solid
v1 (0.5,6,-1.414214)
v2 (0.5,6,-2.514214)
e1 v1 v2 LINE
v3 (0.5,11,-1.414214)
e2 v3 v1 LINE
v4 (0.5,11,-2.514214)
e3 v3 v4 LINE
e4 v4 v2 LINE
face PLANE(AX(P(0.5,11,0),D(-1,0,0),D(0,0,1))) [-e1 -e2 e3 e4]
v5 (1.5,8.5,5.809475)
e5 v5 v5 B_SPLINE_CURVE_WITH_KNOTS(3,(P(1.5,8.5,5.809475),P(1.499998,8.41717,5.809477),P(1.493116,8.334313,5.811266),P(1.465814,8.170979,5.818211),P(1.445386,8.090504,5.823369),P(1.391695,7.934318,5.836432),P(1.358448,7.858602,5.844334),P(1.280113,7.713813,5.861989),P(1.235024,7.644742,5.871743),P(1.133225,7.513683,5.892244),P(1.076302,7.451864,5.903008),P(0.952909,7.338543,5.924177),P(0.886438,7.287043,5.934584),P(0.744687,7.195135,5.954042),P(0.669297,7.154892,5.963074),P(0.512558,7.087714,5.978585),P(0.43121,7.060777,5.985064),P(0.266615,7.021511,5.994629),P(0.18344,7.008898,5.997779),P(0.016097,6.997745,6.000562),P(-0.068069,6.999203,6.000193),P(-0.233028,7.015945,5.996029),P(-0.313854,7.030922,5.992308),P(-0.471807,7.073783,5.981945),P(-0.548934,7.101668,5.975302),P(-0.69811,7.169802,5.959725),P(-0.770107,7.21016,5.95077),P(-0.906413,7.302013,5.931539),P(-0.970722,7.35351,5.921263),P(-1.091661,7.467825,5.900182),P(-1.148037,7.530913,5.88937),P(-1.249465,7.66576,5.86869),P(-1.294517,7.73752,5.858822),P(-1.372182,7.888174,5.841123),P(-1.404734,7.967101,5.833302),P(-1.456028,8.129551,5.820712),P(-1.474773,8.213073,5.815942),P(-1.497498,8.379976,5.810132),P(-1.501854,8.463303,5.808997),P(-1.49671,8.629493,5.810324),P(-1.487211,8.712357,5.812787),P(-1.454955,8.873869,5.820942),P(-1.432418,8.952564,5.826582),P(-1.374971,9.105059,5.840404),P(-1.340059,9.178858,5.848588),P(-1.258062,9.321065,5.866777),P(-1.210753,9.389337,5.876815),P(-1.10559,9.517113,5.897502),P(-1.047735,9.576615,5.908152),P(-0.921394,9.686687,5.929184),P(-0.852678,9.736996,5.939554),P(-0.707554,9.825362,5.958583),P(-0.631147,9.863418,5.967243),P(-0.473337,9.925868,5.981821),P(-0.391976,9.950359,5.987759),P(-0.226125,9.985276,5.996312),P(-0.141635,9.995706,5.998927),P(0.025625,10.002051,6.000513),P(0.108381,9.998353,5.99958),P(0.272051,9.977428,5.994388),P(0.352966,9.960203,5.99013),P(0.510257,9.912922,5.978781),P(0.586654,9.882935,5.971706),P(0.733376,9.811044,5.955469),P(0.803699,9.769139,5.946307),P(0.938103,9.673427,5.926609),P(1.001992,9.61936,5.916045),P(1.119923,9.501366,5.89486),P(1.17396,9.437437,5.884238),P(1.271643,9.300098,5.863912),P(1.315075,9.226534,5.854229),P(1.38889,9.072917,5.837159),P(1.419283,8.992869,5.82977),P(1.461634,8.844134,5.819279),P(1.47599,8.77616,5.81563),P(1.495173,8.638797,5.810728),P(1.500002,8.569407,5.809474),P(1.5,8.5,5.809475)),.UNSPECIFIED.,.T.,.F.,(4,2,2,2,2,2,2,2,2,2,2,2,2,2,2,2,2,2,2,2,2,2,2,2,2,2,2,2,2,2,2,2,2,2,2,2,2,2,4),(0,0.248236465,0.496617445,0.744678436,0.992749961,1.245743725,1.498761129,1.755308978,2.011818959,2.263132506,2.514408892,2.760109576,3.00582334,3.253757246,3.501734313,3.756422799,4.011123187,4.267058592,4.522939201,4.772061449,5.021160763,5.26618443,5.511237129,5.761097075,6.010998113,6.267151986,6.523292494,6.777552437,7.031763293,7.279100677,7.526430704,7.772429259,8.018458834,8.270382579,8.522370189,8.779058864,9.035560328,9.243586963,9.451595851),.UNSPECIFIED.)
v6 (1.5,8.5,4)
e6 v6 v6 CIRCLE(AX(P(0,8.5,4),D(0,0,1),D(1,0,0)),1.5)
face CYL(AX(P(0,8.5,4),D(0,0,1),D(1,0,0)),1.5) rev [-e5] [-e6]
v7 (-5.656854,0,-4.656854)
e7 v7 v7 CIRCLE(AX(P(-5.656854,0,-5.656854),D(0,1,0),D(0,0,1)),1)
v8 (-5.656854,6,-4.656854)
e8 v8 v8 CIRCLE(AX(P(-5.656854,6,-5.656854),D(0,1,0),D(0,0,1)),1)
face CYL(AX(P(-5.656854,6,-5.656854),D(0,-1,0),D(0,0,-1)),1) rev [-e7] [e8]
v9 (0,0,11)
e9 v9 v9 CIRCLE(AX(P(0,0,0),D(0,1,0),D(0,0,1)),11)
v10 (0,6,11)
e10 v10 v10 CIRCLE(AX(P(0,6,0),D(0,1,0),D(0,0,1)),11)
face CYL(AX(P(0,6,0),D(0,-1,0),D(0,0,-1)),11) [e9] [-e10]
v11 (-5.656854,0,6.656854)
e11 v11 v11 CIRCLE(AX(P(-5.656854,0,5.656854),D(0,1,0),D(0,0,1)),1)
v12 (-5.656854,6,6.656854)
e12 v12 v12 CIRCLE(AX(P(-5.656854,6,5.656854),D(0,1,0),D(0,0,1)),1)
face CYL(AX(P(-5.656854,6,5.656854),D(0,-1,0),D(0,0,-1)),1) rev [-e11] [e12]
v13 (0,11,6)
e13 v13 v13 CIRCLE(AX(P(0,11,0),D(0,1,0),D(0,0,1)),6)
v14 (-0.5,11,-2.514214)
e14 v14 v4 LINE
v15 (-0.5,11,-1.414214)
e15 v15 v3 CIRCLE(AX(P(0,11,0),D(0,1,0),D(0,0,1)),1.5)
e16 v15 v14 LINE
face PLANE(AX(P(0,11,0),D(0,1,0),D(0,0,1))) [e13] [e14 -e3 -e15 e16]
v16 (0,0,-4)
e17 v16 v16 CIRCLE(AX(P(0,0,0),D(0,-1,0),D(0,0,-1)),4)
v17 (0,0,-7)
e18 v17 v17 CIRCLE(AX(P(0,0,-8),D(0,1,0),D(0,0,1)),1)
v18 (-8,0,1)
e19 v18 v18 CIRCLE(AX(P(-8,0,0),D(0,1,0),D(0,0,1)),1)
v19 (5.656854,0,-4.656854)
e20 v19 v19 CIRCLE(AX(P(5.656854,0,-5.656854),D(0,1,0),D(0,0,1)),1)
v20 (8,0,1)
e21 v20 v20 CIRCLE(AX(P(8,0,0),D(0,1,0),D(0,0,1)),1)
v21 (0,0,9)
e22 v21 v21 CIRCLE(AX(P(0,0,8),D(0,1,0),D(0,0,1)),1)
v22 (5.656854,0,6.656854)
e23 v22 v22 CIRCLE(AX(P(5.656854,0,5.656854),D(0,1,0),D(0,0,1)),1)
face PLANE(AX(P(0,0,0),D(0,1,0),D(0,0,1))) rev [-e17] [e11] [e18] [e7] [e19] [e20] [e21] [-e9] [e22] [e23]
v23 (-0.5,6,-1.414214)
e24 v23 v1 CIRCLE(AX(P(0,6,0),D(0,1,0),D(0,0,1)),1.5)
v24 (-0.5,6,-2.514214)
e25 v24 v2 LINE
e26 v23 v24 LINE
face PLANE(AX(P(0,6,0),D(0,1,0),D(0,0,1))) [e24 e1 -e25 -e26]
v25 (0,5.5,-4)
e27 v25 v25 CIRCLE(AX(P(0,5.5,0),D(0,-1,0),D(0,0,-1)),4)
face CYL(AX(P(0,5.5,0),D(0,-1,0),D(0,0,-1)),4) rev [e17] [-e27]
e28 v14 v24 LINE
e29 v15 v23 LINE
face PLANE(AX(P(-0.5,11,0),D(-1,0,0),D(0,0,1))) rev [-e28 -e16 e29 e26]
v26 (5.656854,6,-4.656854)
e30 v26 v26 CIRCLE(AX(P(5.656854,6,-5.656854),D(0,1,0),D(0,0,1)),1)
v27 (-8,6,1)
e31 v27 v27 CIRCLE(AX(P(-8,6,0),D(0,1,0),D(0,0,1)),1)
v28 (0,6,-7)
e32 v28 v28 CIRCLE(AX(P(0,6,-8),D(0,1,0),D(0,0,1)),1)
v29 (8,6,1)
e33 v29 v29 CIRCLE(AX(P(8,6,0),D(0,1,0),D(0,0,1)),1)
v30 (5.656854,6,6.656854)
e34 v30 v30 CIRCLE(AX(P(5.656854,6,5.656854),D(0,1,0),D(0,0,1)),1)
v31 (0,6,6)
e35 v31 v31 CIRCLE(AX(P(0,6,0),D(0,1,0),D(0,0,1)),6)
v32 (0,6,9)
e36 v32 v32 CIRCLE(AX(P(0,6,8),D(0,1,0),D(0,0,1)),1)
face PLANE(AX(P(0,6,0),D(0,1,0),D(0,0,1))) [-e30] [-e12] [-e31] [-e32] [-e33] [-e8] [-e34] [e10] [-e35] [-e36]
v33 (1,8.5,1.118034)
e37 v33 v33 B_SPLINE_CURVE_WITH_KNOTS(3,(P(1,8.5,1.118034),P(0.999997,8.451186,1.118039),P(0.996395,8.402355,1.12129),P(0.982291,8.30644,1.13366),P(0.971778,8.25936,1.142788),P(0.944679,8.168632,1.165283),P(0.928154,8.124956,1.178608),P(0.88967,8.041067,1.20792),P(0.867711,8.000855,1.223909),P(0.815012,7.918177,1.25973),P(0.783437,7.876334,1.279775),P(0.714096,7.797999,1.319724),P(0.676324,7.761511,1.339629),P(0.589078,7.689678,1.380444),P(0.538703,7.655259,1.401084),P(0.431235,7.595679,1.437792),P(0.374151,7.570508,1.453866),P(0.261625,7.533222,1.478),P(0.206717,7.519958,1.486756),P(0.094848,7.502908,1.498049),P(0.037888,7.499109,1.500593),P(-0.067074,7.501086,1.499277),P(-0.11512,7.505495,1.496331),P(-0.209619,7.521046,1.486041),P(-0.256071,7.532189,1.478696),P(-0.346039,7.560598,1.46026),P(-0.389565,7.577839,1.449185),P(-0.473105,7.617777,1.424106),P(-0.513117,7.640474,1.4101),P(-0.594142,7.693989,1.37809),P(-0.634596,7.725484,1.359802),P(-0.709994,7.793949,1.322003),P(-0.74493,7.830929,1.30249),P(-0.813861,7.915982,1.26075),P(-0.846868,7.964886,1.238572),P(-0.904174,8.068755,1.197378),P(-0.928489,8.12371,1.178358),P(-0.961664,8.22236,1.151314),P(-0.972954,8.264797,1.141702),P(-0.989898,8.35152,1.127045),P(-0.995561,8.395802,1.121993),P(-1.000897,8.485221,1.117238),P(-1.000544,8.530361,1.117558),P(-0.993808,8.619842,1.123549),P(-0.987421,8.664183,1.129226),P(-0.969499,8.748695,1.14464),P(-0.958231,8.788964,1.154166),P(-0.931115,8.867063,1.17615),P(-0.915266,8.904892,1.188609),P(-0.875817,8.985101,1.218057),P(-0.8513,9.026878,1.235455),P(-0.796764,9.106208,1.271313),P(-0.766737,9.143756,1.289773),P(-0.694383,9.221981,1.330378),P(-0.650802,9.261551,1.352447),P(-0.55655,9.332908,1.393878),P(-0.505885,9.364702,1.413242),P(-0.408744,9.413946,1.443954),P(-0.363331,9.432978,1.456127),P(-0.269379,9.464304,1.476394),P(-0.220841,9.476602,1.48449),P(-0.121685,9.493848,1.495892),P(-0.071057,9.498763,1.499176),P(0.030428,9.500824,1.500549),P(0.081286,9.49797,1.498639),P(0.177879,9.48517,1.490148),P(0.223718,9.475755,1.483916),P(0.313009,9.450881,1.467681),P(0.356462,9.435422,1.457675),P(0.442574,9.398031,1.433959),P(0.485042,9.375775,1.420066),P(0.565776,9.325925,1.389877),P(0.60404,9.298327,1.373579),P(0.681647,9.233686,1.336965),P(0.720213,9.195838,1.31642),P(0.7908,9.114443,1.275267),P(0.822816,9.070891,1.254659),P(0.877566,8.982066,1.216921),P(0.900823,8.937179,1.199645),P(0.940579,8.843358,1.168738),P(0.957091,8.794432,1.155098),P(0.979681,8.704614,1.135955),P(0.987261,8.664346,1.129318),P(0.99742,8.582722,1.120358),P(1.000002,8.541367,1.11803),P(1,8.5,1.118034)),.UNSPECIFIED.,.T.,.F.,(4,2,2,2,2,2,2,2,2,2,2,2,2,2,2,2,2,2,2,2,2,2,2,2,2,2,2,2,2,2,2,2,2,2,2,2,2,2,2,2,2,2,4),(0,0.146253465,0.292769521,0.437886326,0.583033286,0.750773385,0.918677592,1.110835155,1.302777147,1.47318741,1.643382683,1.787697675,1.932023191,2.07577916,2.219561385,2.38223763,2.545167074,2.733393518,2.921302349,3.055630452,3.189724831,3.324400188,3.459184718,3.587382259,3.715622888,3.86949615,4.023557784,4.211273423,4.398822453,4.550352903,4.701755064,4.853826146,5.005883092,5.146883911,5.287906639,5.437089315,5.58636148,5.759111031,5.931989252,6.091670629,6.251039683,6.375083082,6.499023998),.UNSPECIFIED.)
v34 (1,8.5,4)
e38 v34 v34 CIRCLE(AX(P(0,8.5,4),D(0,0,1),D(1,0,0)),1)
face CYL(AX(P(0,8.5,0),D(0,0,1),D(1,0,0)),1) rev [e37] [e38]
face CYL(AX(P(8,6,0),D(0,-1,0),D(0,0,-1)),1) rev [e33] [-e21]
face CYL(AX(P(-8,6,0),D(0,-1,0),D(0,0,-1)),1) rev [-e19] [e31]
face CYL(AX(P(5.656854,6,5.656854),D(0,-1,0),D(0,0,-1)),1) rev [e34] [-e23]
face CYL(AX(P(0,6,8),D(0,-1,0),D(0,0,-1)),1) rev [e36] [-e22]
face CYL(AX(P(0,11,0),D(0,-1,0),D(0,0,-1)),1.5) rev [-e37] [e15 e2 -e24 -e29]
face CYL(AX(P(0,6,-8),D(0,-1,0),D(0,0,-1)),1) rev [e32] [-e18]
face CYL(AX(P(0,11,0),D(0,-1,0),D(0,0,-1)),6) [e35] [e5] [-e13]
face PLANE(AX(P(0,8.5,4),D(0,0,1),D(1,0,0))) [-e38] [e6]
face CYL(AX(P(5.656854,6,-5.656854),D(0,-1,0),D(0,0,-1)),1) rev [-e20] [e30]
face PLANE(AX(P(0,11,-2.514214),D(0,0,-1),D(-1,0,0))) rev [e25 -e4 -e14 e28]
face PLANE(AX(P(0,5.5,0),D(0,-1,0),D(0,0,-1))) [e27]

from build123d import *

# Parameters (mm, degrees)
SKETCH1_R           = 11
SKETCH1_R_2         = 1
BOSS_EXTRUDE1_DEPTH = 6
SKETCH2_R           = 4
CUT_EXTRUDE1_DEPTH  = 5.5
SKETCH3_R           = 6
BOSS_EXTRUDE2_DEPTH = 5
SKETCH6_R           = 1
CUT_EXTRUDE2_DEPTH  = 6
SKETCH6_3_R         = 1.5
SKETCH6_3_R_2       = 1
CUT_EXTRUDE3_DEPTH  = 2


with BuildPart() as part:
    # Sketch1 → Boss-Extrude1 (new body)
    with BuildSketch(Plane(origin=(0, 0, 0), x_dir=(1, 0, 0), z_dir=(0, 1, 0))):
        Circle(SKETCH1_R)
        with Locations((0, 8)):
            Circle(SKETCH1_R_2, mode=Mode.SUBTRACT)
        with Locations((5.656854249, 5.656854249)):
            Circle(SKETCH1_R_2, mode=Mode.SUBTRACT)
        with Locations((8, 0)):
            Circle(SKETCH1_R_2, mode=Mode.SUBTRACT)
        with Locations((5.656854249, -5.656854249)):
            Circle(SKETCH1_R_2, mode=Mode.SUBTRACT)
        with Locations((0, -8)):
            Circle(SKETCH1_R_2, mode=Mode.SUBTRACT)
        with Locations((-5.656854249, -5.656854249)):
            Circle(SKETCH1_R_2, mode=Mode.SUBTRACT)
        with Locations((-8, 0)):
            Circle(SKETCH1_R_2, mode=Mode.SUBTRACT)
        with Locations((-5.656854249, 5.656854249)):
            Circle(SKETCH1_R_2, mode=Mode.SUBTRACT)
    extrude(amount=BOSS_EXTRUDE1_DEPTH)

    # Sketch2 → Cut-Extrude1 (cut)
    with BuildSketch(Plane.XZ):
        Circle(SKETCH2_R)
    extrude(amount=-CUT_EXTRUDE1_DEPTH, mode=Mode.SUBTRACT)

    # Sketch3 → Boss-Extrude2 (add)
    with BuildSketch(Plane(origin=(0, 6, 0), x_dir=(1, 0, 0), z_dir=(0, 1, 0))):
        Circle(SKETCH3_R)
        with BuildLine():
            ThreePointArc((1.5, 0), (-0.866025404, -1.224744871), (-0.5, 1.414213562))
            Line((-0.5, 1.414213562), (-0.5, 2.514213562))
            Line((-0.5, 2.514213562), (0.5, 2.514213562))
            Line((0.5, 2.514213562), (0.5, 1.414213562))
            ThreePointArc((0.5, 1.414213562), (1.224744871, 0.866025404), (1.5, 0))
        make_face(mode=Mode.SUBTRACT)
    extrude(amount=BOSS_EXTRUDE2_DEPTH)

    # Sketch6 → Cut-Extrude2 (cut)
    with BuildSketch(Plane.XY.offset(6)):
        with Locations((0, 8.5)):
            Circle(SKETCH6_R)
    extrude(amount=-CUT_EXTRUDE2_DEPTH, mode=Mode.SUBTRACT)

    # Sketch6<3> → Cut-Extrude3 (cut)
    with BuildSketch(Plane.XY.offset(6)):
        with Locations((0, 8.5)):
            Circle(SKETCH6_3_R)
        with Locations((0, 8.5)):
            Circle(SKETCH6_3_R_2, mode=Mode.SUBTRACT)
    extrude(amount=-CUT_EXTRUDE3_DEPTH, mode=Mode.SUBTRACT)


solid = part.part
